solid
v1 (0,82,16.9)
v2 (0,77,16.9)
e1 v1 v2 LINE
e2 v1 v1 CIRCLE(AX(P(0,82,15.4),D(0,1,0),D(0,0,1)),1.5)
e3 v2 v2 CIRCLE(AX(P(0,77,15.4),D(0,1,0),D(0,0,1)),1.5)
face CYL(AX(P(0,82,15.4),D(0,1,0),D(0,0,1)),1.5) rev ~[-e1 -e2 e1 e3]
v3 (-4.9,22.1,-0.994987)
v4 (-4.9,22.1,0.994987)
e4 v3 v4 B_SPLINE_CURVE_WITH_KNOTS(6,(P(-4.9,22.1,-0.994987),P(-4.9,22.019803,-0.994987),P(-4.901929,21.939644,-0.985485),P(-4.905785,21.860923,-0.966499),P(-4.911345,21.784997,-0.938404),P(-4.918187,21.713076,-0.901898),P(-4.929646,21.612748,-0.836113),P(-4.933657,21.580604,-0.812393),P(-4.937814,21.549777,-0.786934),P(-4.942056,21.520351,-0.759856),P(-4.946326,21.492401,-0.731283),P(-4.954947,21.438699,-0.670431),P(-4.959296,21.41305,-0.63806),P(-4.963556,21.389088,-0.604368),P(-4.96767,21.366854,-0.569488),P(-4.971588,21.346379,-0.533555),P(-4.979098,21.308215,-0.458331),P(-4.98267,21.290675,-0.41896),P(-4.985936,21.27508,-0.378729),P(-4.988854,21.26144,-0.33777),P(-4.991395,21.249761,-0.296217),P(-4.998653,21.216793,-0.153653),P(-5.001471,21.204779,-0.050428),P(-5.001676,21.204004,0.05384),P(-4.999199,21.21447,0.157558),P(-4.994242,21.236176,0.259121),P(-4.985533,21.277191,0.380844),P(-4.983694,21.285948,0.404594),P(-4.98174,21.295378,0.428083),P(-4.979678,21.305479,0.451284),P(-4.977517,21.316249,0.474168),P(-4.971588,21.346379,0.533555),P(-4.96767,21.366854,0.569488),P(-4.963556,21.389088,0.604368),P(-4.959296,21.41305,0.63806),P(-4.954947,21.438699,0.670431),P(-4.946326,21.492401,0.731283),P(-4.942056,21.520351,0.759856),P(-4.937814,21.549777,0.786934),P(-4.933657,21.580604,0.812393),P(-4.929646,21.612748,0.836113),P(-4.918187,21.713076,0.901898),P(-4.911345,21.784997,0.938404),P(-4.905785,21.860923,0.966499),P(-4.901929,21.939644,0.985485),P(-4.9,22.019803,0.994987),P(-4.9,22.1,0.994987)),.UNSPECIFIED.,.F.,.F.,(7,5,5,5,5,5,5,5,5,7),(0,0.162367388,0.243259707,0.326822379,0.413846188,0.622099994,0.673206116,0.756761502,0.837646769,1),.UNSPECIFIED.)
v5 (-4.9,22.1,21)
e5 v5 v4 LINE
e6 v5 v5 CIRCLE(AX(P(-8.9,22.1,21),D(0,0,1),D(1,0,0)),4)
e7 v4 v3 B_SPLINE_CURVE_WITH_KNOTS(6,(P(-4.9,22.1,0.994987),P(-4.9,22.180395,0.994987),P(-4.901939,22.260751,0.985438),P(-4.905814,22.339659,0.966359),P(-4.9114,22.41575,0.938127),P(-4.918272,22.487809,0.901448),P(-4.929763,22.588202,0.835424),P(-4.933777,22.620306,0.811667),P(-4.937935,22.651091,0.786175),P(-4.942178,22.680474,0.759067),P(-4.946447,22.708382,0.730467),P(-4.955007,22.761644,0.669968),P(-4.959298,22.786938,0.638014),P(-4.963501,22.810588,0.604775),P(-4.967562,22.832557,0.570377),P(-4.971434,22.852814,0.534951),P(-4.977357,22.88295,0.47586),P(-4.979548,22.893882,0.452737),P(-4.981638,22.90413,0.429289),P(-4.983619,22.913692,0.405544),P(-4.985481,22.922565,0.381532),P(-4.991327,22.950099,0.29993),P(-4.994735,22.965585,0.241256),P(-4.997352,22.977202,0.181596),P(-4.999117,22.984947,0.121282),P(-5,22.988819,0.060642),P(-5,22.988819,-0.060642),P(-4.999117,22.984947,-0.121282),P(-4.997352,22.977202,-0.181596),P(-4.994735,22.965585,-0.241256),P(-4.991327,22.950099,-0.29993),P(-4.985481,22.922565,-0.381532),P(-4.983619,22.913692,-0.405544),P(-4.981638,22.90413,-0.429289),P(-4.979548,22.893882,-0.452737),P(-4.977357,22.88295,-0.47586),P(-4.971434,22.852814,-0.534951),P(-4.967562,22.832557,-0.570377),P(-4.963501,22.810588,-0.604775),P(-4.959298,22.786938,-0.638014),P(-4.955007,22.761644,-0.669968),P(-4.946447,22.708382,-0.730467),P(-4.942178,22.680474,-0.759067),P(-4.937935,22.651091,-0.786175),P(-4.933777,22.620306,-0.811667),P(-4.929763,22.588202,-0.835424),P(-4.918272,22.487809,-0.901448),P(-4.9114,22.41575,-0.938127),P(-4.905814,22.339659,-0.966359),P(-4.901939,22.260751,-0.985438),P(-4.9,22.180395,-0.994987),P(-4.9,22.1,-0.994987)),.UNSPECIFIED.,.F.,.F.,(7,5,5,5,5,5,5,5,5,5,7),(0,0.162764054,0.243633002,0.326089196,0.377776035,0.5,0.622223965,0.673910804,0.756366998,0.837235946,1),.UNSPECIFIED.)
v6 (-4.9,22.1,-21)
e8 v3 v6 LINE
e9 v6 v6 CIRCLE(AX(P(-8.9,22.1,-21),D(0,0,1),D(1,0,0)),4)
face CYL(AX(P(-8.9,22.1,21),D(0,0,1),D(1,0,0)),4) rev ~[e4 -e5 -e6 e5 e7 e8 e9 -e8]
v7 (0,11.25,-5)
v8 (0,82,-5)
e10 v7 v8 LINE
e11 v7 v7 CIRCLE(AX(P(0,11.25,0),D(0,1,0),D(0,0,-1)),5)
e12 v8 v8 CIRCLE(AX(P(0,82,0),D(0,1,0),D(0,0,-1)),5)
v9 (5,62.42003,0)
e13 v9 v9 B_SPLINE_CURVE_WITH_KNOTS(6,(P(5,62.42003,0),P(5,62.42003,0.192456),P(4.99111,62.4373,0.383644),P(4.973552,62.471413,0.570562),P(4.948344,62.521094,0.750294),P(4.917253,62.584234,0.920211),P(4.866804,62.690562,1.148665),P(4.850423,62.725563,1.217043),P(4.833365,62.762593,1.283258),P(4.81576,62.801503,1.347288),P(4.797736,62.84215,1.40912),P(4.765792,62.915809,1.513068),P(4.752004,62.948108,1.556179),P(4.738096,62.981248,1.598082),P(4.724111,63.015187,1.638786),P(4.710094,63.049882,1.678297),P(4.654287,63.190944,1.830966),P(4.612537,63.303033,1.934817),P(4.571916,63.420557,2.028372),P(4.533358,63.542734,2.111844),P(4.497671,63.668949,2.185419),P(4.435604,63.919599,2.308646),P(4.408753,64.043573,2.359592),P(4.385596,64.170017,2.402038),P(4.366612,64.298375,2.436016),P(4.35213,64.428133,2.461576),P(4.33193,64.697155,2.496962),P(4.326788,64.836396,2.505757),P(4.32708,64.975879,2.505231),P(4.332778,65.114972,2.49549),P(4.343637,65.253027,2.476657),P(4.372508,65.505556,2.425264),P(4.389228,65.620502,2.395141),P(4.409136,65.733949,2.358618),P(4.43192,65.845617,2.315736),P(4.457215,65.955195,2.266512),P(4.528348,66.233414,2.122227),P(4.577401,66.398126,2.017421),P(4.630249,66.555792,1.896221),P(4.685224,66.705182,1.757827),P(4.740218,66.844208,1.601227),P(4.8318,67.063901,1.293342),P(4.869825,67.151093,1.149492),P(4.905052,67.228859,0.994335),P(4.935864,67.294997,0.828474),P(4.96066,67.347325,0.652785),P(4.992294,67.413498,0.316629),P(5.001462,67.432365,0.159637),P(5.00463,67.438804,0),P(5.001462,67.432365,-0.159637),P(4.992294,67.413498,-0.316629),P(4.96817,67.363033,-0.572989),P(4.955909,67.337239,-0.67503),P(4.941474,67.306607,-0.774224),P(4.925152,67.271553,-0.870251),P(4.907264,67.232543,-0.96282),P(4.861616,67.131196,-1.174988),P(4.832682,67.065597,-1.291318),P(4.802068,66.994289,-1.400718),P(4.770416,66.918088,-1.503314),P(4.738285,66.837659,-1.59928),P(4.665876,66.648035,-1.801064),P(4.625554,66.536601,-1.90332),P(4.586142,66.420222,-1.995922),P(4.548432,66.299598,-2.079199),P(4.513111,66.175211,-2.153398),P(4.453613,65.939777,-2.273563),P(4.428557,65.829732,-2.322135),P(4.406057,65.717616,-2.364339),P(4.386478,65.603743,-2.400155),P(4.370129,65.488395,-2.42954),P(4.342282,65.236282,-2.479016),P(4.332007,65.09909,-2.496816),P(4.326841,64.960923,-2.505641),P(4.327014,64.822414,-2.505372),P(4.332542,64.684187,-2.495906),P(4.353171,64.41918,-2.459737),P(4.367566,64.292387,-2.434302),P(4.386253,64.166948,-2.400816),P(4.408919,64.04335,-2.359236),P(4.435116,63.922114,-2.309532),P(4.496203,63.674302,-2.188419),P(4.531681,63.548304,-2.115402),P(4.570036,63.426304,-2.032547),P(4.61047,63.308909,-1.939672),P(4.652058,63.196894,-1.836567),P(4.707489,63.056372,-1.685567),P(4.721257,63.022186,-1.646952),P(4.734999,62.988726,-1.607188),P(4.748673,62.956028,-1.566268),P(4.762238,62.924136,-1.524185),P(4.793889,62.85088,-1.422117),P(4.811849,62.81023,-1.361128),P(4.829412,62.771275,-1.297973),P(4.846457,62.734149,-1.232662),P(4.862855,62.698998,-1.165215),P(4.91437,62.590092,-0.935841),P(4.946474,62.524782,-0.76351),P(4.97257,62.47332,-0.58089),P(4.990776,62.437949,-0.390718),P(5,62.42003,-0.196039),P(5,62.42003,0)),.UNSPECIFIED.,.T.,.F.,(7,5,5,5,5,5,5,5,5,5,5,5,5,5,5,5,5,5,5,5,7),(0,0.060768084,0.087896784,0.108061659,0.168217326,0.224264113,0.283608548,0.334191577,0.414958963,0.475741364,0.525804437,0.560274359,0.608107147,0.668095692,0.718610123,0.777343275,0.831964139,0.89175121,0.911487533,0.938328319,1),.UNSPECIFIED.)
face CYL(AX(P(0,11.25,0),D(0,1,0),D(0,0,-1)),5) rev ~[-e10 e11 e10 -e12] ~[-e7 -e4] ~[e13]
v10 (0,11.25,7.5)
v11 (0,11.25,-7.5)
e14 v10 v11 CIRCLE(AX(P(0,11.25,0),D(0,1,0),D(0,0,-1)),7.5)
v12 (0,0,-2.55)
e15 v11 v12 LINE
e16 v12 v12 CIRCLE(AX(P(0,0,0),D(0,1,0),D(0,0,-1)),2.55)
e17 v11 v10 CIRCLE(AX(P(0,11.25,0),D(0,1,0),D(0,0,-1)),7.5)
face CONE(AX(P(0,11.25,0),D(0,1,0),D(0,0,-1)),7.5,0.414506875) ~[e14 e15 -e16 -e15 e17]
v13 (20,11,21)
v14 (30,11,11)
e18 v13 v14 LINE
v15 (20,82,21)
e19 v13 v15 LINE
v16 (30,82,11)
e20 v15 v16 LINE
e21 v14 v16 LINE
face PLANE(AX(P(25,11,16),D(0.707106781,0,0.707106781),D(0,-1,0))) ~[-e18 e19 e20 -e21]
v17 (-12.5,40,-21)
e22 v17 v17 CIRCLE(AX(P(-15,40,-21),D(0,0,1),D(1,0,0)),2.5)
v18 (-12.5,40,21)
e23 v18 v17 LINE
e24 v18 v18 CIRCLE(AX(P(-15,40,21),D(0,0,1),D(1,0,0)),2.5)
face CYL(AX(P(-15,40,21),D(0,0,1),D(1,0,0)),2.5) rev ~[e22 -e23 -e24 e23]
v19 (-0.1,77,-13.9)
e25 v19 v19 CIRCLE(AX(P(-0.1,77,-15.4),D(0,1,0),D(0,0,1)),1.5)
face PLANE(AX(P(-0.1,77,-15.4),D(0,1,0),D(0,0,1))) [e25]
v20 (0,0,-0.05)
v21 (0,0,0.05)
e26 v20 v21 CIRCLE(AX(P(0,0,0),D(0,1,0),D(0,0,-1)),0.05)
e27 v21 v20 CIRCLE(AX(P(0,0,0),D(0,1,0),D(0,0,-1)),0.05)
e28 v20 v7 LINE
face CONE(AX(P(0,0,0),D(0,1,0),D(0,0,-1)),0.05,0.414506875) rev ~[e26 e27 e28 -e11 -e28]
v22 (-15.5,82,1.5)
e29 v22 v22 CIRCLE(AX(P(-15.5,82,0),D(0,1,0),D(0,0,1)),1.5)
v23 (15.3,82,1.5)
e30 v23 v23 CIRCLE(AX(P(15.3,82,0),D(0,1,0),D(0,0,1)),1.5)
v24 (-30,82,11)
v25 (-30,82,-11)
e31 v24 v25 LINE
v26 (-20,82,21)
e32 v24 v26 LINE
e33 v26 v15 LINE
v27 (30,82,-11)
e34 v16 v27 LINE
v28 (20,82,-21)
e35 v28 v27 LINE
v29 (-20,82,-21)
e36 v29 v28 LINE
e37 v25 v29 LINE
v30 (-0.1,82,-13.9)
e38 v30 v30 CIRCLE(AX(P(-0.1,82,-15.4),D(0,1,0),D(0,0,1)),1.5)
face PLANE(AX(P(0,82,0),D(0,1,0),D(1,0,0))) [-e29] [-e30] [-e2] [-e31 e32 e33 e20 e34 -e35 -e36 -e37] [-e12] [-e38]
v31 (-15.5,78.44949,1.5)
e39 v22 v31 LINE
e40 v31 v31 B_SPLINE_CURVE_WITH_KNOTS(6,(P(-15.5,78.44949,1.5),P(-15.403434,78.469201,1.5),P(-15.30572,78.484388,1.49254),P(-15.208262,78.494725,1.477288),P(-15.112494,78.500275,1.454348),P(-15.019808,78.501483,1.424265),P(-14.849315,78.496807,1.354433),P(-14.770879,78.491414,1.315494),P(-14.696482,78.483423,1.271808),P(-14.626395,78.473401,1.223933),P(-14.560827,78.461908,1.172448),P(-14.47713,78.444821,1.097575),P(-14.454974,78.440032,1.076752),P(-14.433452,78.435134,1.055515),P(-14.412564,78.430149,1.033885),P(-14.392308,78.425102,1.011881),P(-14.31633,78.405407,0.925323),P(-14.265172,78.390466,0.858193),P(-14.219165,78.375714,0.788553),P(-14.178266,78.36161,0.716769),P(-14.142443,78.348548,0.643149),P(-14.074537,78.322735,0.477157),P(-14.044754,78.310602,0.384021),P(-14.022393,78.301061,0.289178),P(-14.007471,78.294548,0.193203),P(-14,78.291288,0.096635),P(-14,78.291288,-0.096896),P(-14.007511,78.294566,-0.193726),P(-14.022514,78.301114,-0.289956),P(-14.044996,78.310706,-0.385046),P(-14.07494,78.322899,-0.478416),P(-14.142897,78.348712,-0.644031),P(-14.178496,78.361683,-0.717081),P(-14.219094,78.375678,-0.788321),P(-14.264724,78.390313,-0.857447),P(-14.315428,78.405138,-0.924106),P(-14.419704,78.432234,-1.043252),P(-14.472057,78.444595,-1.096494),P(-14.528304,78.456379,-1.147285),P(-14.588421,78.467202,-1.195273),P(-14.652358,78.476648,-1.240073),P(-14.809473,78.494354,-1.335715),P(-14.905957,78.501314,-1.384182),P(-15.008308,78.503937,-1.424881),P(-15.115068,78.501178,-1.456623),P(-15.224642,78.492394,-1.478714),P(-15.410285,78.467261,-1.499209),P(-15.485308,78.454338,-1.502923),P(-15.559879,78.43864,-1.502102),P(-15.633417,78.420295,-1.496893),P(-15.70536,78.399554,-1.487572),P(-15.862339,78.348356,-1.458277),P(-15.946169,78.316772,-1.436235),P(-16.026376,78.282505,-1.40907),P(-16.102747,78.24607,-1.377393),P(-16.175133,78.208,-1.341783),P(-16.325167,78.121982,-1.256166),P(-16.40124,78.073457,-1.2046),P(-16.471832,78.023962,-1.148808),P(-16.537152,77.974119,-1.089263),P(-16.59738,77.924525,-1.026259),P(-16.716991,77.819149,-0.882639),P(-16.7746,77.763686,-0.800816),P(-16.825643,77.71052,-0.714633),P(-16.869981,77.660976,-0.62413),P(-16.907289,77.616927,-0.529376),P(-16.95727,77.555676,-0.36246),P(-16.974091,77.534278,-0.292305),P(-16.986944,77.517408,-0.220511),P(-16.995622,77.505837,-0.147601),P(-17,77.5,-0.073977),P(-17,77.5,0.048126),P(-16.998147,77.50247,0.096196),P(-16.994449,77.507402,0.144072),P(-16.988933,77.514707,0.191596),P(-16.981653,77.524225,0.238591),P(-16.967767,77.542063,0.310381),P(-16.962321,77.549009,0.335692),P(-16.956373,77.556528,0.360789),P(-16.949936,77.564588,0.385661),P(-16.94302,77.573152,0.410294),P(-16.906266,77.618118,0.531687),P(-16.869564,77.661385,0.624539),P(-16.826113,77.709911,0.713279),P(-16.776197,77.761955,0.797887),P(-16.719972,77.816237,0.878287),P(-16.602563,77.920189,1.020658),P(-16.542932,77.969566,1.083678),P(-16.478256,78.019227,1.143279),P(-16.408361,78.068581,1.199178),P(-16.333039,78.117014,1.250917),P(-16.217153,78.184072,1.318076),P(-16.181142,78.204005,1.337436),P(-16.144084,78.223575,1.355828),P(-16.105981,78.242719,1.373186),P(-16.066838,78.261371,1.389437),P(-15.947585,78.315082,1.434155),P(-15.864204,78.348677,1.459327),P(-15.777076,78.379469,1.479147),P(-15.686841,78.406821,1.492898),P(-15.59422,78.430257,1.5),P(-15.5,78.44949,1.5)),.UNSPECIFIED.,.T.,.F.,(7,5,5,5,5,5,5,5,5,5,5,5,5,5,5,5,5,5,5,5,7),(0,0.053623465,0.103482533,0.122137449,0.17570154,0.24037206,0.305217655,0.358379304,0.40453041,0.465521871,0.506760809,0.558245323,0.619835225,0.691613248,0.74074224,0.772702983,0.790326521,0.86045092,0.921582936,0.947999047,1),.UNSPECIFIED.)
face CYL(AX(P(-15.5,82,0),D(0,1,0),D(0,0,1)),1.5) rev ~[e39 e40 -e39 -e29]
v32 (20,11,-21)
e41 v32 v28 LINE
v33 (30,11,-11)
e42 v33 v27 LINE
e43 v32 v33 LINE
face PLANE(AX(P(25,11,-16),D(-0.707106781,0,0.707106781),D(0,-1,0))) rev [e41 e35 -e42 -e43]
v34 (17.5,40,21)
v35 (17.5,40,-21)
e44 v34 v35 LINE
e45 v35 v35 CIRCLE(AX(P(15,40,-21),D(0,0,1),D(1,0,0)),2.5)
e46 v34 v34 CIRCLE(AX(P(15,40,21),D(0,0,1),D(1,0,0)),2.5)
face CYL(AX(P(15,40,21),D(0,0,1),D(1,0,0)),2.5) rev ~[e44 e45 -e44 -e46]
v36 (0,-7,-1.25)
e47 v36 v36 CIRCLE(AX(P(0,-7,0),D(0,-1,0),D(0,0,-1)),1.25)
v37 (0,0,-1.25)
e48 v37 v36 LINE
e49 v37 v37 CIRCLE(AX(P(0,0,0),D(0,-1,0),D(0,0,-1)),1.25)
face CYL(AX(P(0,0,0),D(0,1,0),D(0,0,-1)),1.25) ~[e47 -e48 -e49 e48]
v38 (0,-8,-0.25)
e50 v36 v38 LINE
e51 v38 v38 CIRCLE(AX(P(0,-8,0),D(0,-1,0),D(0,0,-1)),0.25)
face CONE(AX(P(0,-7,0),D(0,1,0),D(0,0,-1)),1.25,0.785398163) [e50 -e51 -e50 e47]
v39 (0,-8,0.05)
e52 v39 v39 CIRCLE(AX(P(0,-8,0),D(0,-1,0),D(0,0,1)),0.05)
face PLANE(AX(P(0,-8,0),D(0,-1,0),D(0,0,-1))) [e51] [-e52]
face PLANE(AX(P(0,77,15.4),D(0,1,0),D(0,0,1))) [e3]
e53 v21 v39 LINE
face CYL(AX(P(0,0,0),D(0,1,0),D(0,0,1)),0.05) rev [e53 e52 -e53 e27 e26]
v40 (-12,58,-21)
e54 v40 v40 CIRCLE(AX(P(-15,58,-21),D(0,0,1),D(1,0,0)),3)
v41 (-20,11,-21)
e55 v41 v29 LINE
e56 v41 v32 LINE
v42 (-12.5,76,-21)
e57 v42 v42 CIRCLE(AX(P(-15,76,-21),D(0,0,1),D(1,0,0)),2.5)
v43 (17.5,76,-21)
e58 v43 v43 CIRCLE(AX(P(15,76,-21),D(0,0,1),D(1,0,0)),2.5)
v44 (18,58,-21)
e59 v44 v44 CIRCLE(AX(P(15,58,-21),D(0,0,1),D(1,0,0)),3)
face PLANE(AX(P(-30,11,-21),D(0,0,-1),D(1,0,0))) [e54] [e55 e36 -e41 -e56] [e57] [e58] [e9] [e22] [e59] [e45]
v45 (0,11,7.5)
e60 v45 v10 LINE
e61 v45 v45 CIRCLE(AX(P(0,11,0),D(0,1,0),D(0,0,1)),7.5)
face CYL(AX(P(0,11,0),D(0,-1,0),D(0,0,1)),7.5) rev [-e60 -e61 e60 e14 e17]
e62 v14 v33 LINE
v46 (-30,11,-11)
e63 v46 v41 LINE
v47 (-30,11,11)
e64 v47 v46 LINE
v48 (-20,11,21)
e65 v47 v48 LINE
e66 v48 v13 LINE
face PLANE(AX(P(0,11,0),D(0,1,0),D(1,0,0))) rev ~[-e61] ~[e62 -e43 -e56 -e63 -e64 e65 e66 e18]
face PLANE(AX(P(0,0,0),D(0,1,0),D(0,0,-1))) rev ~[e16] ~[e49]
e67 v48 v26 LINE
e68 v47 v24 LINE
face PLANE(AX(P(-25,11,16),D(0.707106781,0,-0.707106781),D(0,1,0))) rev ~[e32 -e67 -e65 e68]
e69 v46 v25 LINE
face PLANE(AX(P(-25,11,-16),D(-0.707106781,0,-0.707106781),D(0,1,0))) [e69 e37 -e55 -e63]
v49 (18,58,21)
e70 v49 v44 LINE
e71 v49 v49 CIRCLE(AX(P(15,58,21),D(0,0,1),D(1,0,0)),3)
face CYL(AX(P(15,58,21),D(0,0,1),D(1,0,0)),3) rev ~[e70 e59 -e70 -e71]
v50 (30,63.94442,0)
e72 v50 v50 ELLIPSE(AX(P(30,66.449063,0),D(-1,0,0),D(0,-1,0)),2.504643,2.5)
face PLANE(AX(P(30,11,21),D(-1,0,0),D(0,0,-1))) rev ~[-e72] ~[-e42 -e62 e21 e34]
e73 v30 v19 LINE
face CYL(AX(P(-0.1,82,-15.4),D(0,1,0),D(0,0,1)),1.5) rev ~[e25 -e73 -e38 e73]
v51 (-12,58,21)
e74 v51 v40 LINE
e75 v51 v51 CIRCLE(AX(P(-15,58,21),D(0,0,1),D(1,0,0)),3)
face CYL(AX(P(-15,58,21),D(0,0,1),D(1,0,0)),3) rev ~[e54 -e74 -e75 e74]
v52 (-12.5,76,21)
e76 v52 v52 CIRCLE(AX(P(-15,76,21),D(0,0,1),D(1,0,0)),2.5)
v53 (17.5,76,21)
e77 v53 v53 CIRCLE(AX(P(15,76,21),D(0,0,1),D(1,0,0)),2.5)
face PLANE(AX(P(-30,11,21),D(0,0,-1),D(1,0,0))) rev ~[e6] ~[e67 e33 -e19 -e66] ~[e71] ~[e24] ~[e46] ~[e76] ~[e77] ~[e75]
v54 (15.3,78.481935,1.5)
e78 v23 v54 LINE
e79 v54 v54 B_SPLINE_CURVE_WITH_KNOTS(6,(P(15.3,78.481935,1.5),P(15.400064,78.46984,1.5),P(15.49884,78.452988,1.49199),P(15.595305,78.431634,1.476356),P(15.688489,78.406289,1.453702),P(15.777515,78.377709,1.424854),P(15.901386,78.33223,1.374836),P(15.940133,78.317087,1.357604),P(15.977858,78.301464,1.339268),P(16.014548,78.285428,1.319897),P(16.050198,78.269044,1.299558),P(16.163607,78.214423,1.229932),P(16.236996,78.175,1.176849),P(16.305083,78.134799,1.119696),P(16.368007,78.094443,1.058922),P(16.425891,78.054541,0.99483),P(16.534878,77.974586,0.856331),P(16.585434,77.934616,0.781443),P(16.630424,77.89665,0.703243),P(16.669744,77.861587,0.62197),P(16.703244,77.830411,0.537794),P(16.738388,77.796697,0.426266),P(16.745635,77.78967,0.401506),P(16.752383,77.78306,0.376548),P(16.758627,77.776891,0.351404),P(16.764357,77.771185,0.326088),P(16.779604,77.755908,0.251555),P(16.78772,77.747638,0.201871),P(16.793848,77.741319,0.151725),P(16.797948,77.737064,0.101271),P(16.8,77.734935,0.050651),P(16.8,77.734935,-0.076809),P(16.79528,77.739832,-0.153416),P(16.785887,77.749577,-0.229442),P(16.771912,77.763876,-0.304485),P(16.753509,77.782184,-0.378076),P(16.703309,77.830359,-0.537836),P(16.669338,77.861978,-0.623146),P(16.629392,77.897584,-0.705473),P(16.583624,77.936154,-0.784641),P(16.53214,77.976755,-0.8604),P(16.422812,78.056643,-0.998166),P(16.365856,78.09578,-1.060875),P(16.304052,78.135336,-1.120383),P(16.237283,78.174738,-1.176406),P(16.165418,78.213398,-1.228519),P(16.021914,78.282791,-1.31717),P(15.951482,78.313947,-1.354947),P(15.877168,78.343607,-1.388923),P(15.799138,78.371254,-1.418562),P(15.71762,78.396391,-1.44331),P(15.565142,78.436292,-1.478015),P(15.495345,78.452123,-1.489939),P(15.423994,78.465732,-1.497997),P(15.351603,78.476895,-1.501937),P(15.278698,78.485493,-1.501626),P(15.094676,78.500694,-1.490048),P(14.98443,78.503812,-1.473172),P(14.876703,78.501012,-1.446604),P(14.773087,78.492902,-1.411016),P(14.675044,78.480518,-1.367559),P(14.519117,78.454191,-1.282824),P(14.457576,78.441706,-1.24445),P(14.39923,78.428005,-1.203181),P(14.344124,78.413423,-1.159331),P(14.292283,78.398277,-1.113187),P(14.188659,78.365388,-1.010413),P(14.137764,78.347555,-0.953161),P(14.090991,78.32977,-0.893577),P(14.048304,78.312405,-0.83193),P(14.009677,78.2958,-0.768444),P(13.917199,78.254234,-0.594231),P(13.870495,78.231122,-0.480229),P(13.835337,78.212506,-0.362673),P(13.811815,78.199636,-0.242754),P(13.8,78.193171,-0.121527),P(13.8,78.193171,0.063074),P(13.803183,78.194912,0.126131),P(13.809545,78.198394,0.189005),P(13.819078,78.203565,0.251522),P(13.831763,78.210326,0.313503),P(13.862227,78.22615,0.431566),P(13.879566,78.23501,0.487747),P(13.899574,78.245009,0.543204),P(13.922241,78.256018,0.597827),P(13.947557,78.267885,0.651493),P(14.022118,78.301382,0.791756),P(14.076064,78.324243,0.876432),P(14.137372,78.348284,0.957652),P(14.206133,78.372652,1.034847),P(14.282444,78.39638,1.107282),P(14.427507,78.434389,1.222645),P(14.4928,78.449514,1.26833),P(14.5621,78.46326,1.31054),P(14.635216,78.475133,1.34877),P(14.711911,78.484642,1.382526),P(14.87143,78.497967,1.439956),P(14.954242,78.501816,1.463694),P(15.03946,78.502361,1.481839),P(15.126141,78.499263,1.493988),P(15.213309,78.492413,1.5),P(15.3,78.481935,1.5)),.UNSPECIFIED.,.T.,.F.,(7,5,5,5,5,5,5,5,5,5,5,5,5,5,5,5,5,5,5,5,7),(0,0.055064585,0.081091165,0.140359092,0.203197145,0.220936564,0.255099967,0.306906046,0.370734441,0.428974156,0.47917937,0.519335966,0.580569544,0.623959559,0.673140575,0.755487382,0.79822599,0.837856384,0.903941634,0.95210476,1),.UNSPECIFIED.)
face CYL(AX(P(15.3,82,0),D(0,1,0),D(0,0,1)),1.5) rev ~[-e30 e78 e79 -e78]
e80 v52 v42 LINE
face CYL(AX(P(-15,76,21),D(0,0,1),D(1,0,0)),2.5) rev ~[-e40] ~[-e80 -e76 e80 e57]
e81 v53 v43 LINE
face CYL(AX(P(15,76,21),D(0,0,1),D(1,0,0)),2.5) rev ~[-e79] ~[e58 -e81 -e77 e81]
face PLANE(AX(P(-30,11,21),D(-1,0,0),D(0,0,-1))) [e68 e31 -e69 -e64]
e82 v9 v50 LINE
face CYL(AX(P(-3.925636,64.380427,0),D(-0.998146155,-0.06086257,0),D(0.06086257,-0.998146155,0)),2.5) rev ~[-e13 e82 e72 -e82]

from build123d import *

# Parameters (mm, degrees)
BOSS_EXTRUDE1_START = -71
SKETCH2_W           = 60
SKETCH2_H           = 42
SKETCH2_R           = 7.5
BOSS_EXTRUDE1_DEPTH = 71
SKETCH3_R           = 2.5
SKETCH3_R_2         = 3
SKETCH3_R_3         = 4
CUT_EXTRUDE1_DEPTH  = 97.89169211
SKETCH7_R           = 2.5
CUT_EXTRUDE3_DEPTH  = 81
SKETCH10_R          = 1.25
SKETCH10_R_2        = 0.05
BOSS_EXTRUDE2_DEPTH = 8
CHAMFER10_SIZE      = 1
SKETCH12_R          = 1.5
CUT_EXTRUDE5_DEPTH  = 5
CHAMFER11_SIZE      = 10


with BuildPart() as part:
    # Sketch1 → Revolve1 (revolve)
    with BuildSketch(Plane.XY, mode=Mode.PRIVATE) as revolve1_sk:
        Polygon((0.05, 0), (5, 11.25), (5, 82), (7.5, 82), (7.5, 11.25), (2.55, 0), align=None)
    revolve(revolve1_sk.sketch.rotate(Axis((0, 0, 0), (0, 1, 0)), 90), axis=Axis((0, 0, 0), (0, 1, 0)))

    # Sketch2 → Boss-Extrude1 (add)
    with BuildSketch(Plane(origin=(0, 82, 0), x_dir=(1, 0, 0), z_dir=(0, 1, 0)).offset(BOSS_EXTRUDE1_START)):
        Rectangle(SKETCH2_W, SKETCH2_H)
        with Locations(Location((0, 0, 0), (0, 0, 270))):
            Circle(SKETCH2_R, mode=Mode.SUBTRACT)
    extrude(amount=BOSS_EXTRUDE1_DEPTH)

    # Sketch3 → Cut-Extrude1 (cut, through all)
    with BuildSketch(Plane.XY.offset(21)):
        with Locations((-15, 76)):
            Circle(SKETCH3_R)
        with Locations((-15, 58)):
            Circle(SKETCH3_R_2)
        with Locations((-15, 40)):
            Circle(SKETCH3_R)
        with Locations((15, 76)):
            Circle(SKETCH3_R)
        with Locations((15, 58)):
            Circle(SKETCH3_R_2)
        with Locations((15, 40)):
            Circle(SKETCH3_R)
        with Locations((-8.9, 22.1)):
            Circle(SKETCH3_R_3)
    extrude(amount=-CUT_EXTRUDE1_DEPTH, mode=Mode.SUBTRACT)

    # Sketch7 → Cut-Extrude3 (cut)
    with BuildSketch(Plane(origin=(0, 0, 0), x_dir=(0, 0, 1), z_dir=(-0.9981461553891549, -0.0608625704505587, 0))):
        with Locations(Location((0, 64.5, 0), (0, 0, 270))):
            Circle(SKETCH7_R)
    extrude(amount=-CUT_EXTRUDE3_DEPTH, mode=Mode.SUBTRACT)

    # Sketch10 → Boss-Extrude2 (add)
    with BuildSketch(Plane.XZ):
        with Locations(Location((0, 0, 0), (0, 0, 270))):
            Circle(SKETCH10_R)
        with Locations(Location((0, 0, 0), (0, 0, 90))):
            Circle(SKETCH10_R_2, mode=Mode.SUBTRACT)
    extrude(amount=BOSS_EXTRUDE2_DEPTH)

    # Chamfer10
    chamfer10_edges = [part.edges().sort_by_distance(p)[0] for p in [
        (0, -8, 1.25),
    ]]
    chamfer(chamfer10_edges, length=CHAMFER10_SIZE)

    # Sketch12 → Cut-Extrude5 (cut)
    with BuildSketch(Plane(origin=(0, 82, 0), x_dir=(1, 0, 0), z_dir=(0, 1, 0))):
        with Locations(Location((-15.5, 0, 0), (0, 0, 270))):
            Circle(SKETCH12_R)
        with Locations(Location((-0.1, 15.4, 0), (0, 0, 270))):
            Circle(SKETCH12_R)
        with Locations(Location((15.3, 0, 0), (0, 0, 270))):
            Circle(SKETCH12_R)
        with Locations(Location((0, -15.4, 0), (0, 0, 270))):
            Circle(SKETCH12_R)
    extrude(amount=-CUT_EXTRUDE5_DEPTH, mode=Mode.SUBTRACT)

    # Chamfer11
    chamfer11_edges = [part.edges().sort_by_distance(p)[0] for p in [
        (30, 46.5, -21),
        (30, 46.5, 21),
        (-30, 46.5, 21),
        (-30, 46.5, -21),
    ]]
    chamfer(chamfer11_edges, length=CHAMFER11_SIZE)


solid = part.part
